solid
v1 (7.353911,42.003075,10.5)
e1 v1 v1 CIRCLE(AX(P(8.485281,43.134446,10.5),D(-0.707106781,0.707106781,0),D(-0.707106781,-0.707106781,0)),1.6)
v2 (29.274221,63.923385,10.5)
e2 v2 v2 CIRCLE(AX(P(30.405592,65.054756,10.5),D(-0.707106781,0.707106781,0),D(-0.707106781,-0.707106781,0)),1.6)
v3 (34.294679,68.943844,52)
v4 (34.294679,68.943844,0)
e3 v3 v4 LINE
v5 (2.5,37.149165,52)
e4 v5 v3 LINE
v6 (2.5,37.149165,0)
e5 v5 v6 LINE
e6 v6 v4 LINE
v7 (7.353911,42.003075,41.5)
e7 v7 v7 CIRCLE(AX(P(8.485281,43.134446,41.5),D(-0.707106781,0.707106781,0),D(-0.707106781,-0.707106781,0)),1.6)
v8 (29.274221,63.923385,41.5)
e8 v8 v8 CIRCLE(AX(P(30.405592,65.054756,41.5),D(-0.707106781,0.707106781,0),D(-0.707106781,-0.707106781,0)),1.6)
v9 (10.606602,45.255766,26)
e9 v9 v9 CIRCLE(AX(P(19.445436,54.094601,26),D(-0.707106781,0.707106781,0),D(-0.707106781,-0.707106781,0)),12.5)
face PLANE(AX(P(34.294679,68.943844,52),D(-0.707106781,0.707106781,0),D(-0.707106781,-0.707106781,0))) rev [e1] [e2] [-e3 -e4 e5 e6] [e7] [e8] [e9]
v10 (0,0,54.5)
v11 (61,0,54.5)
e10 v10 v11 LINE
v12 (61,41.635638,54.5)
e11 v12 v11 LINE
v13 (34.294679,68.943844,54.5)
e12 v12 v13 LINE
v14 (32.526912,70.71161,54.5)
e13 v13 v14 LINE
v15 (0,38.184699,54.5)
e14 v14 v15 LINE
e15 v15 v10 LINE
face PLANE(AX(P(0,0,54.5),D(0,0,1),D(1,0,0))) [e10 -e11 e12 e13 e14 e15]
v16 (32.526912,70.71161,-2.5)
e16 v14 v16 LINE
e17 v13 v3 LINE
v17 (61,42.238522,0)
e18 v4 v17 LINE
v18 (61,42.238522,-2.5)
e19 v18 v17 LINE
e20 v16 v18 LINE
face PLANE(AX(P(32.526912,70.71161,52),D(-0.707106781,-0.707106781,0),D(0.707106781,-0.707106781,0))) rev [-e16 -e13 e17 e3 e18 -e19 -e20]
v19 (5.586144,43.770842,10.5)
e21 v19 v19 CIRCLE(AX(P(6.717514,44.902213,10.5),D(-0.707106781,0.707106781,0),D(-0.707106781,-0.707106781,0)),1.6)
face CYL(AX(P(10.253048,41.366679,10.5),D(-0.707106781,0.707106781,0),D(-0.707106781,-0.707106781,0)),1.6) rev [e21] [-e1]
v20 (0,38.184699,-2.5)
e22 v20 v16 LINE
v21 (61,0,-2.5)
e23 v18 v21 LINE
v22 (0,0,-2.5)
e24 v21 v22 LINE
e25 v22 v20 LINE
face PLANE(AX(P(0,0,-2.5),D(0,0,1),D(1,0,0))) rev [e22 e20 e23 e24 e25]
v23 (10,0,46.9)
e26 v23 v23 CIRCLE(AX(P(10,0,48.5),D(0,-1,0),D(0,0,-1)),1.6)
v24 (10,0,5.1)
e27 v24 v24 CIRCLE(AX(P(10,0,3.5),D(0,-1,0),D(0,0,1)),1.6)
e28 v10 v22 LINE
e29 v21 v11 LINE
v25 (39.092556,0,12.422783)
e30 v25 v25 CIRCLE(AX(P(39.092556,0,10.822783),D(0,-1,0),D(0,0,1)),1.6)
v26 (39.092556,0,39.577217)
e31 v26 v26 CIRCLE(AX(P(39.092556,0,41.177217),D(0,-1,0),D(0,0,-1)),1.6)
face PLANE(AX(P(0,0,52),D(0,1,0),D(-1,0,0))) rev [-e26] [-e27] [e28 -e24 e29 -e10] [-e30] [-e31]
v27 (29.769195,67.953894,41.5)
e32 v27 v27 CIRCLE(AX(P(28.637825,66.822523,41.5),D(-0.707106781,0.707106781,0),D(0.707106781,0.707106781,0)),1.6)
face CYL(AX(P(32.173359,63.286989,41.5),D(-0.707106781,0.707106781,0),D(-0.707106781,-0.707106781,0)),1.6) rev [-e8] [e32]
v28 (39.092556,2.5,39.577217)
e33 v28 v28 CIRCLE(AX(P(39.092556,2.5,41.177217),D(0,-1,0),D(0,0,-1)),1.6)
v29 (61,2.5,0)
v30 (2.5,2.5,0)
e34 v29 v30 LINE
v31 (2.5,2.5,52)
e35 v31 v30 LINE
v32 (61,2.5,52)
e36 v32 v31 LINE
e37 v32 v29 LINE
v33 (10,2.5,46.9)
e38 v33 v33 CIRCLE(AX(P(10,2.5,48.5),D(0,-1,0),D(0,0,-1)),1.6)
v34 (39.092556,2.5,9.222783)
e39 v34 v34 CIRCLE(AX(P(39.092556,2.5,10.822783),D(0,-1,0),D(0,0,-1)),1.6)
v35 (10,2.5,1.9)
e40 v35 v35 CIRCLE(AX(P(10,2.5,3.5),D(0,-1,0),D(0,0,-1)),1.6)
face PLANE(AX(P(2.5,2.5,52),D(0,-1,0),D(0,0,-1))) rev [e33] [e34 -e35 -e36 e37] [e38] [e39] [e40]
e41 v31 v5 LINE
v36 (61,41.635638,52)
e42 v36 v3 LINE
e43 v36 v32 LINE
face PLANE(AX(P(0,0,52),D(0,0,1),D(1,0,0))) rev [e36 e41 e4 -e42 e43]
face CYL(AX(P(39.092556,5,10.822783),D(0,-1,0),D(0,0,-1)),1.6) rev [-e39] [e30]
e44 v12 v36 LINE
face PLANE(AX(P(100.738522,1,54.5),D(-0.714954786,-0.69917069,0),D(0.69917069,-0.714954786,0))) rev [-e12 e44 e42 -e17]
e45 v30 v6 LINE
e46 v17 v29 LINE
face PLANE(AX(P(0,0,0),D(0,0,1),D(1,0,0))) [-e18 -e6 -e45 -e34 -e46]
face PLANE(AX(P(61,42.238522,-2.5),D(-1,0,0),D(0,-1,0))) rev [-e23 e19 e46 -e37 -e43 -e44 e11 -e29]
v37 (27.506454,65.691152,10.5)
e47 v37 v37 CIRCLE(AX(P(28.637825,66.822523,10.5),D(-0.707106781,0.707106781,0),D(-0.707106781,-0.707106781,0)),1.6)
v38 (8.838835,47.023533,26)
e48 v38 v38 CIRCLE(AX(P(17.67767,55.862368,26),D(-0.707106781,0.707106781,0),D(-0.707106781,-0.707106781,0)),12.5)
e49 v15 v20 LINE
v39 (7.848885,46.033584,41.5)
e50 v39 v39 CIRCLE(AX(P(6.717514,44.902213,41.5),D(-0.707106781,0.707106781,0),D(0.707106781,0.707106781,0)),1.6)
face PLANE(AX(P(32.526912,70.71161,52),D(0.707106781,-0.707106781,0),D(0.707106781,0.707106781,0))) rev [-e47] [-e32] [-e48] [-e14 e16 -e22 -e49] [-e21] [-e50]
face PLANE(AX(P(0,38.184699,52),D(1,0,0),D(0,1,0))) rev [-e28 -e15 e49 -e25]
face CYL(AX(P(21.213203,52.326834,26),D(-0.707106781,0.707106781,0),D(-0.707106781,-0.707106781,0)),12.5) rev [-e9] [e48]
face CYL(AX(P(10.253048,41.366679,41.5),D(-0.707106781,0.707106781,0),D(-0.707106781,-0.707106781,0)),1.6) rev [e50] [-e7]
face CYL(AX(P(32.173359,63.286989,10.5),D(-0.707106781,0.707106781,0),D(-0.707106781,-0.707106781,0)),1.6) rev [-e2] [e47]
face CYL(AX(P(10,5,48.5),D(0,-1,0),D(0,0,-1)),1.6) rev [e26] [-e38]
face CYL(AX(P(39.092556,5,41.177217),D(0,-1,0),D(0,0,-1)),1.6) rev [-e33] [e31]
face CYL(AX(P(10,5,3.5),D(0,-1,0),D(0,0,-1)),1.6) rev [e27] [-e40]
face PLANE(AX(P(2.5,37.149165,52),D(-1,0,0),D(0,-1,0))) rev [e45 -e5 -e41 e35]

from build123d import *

# Parameters (mm, degrees)
EXTRUDE_1_DEPTH     = 52
EXTRUDE_2_DEPTH     = 2.5
EXTRUDE_3_DEPTH     = 2.5
SKETCH_4_R          = 1.6
SKETCH_4_R_2        = 12.5
CUT_EXTRUDE_1_DEPTH = 5
SKETCH_6_R          = 1.6
CUT_EXTRUDE_2_DEPTH = 5
CUT_EXTRUDE_3_DEPTH = 136.636948309


with BuildPart() as part:
    # 草图1 → 凸台-拉伸1 (new body)
    with BuildSketch(Plane.XY):
        Polygon((32.526911935, 70.711610456), (0, 38.184698521), (0, 0), (100.73852239, 0), (100.73852239, 2.5), (94.853312534, 2.5), (2.5, 2.5), (2.5, 37.149164615), (32.494813779, 67.143978395), (34.294678888, 68.943843503), align=None)
    extrude(amount=EXTRUDE_1_DEPTH)

    # 草图2 → 凸台-拉伸2 (add)
    with BuildSketch(Plane.XY.offset(52)):
        Polygon((32.526911935, 70.711610456), (0, 38.184698521), (0, 0), (100.73852239, 0), (100.73852239, 1), (34.294678888, 68.943843503), align=None)
    extrude(amount=EXTRUDE_2_DEPTH)

    # 草图3 → 凸台-拉伸3 (add)
    with BuildSketch(Plane(origin=(0, 0, 0), x_dir=(-1, 0, 0), z_dir=(0, 0, -1))):
        Polygon((-32.526911935, 70.711610456), (0, 38.184698521), (0, 0), (-100.73852239, 0), (-100.73852239, 2.5), (-34.294678888, 68.943843503), align=None)
    extrude(amount=EXTRUDE_3_DEPTH)

    # 草图4 → 切除-拉伸1 (cut)
    with BuildSketch(Plane(origin=(-19.092349261, 19.092349261, 0), x_dir=(0, 0, 1), z_dir=(-0.7071067811865468, 0.7071067811865483, 0))):
        with Locations(Location((10.5, 67.500659262, 0), (0, 0, 270))):
            Circle(SKETCH_4_R)
        with Locations(Location((41.5, 67.500659262, 0), (0, 0, 270))):
            Circle(SKETCH_4_R)
        with Locations(Location((10.5, 36.500659262, 0), (0, 0, 270))):
            Circle(SKETCH_4_R)
        with Locations(Location((41.5, 36.500659262, 0), (0, 0, 270))):
            Circle(SKETCH_4_R)
        with Locations(Location((26, 52.000659262, 0), (0, 0, 270))):
            Circle(SKETCH_4_R_2)
    extrude(amount=-CUT_EXTRUDE_1_DEPTH, mode=Mode.SUBTRACT)

    # 草图6 → 切除-拉伸2 (cut)
    with BuildSketch(Plane.XZ):
        with Locations(Location((10, 48.5, 0), (0, 0, 270))):
            Circle(SKETCH_6_R)
        with Locations(Location((10, 3.5, 0), (0, 0, 270))):
            Circle(SKETCH_6_R)
        with Locations(Location((39.092556486, 41.177216573, 0), (0, 0, 270))):
            Circle(SKETCH_6_R)
        with Locations(Location((39.092556486, 10.822783427, 0), (0, 0, 270))):
            Circle(SKETCH_6_R)
    extrude(amount=-CUT_EXTRUDE_2_DEPTH, mode=Mode.SUBTRACT)

    # 草图7 → 切除-拉伸3 (cut, through all)
    with BuildSketch(Plane.XY.offset(54.5)):
        Polygon((61, 42.23852239), (61, 0), (103.406412913, 0), (103.406412913, 12.738477269), align=None)
    extrude(amount=-CUT_EXTRUDE_3_DEPTH, mode=Mode.SUBTRACT)


solid = part.part
